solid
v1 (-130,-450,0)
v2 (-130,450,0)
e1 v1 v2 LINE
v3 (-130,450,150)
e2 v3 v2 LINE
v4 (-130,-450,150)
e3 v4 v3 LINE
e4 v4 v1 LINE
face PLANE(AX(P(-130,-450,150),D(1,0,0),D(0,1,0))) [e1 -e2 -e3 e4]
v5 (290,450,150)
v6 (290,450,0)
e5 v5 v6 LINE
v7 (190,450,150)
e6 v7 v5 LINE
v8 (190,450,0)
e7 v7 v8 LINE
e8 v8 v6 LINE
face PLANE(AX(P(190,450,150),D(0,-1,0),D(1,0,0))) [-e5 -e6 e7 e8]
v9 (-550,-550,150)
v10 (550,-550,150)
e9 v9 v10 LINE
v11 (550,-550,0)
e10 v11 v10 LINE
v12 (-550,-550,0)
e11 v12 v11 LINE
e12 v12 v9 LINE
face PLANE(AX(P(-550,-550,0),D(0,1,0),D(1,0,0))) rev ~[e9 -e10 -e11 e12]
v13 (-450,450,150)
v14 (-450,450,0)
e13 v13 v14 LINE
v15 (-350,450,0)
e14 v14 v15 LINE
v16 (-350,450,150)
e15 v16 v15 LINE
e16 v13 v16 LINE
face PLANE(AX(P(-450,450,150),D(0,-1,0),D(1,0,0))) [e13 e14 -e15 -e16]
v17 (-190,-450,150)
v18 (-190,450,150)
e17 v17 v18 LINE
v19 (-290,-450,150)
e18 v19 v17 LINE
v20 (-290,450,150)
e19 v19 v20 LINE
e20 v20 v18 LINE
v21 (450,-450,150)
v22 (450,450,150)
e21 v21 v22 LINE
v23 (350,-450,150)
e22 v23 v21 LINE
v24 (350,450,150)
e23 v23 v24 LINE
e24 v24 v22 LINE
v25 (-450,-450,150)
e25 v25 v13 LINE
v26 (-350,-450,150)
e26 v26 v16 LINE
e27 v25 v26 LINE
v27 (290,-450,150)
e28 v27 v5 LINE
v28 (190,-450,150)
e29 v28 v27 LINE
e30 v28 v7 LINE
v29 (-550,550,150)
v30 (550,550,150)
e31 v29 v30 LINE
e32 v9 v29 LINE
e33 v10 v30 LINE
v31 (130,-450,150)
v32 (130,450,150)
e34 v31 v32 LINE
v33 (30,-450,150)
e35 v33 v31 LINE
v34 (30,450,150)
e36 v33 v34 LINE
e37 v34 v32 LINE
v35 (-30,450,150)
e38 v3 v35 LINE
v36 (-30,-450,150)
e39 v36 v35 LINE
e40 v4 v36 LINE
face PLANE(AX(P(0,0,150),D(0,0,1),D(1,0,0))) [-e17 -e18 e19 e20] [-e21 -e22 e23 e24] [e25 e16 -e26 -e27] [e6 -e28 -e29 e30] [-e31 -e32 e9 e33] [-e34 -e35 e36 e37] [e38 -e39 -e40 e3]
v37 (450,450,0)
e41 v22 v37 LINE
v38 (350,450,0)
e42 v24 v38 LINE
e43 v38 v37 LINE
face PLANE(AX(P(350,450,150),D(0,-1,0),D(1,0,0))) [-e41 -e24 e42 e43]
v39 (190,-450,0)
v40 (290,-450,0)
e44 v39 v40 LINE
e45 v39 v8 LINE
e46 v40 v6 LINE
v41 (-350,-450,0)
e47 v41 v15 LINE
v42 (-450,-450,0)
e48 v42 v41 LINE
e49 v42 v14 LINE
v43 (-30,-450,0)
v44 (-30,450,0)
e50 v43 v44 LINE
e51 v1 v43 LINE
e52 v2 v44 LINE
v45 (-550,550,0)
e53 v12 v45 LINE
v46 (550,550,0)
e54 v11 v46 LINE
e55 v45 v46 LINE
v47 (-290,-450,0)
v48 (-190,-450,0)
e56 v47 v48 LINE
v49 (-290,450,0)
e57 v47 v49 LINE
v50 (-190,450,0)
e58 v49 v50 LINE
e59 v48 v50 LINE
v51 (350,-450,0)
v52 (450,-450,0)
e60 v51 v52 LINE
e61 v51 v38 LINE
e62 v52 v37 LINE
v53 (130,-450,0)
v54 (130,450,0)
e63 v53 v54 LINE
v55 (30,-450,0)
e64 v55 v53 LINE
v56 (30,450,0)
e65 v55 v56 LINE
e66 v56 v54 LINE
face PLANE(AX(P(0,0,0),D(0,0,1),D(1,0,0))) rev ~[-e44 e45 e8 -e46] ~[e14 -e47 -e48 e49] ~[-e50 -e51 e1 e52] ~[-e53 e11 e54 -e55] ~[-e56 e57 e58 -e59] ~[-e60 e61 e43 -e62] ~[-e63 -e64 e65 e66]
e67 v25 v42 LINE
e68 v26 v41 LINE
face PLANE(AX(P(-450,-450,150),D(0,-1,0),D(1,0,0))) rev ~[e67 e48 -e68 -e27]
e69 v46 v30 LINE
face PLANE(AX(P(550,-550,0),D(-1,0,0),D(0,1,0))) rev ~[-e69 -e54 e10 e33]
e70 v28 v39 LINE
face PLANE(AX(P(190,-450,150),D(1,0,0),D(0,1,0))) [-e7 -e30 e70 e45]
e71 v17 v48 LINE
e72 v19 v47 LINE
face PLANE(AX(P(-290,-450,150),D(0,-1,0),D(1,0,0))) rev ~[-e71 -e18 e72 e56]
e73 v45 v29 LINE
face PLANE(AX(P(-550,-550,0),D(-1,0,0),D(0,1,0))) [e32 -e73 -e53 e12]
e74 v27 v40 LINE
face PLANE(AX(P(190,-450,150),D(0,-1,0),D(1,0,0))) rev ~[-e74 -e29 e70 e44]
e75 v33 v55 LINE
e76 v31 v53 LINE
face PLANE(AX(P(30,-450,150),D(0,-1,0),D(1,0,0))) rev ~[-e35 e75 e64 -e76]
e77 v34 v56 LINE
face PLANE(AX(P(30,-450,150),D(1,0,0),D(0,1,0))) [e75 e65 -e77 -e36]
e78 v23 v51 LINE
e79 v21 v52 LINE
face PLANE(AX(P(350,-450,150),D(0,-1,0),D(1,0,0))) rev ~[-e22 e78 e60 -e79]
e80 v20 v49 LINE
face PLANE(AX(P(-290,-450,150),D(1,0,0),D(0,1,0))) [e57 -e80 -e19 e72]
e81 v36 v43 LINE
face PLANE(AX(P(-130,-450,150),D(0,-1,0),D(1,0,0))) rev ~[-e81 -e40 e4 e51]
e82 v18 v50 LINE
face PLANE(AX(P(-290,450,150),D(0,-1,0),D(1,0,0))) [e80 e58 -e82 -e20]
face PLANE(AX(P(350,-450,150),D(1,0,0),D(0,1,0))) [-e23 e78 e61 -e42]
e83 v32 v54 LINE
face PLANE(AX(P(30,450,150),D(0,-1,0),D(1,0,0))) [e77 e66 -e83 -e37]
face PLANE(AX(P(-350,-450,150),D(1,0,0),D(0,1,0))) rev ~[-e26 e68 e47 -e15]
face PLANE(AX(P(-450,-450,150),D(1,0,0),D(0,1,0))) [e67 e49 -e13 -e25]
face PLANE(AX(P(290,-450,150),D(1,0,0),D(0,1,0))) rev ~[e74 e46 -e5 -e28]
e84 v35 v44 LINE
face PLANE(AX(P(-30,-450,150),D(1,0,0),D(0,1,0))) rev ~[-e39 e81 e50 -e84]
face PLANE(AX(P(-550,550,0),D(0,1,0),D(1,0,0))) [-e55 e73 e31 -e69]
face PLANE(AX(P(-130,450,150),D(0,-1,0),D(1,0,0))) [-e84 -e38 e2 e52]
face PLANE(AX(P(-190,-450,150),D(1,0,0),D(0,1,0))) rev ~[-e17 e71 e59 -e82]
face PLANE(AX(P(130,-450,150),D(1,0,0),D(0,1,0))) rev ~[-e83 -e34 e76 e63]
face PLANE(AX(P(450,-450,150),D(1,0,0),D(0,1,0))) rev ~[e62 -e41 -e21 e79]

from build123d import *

# Parameters (mm, degrees)
F0_W     = 1100
F0_H     = 1100
F1_DEPTH = 150
F2_W     = 100
F2_H     = 900
F3_DEPTH = 150


with BuildPart() as f1:
    # F0 (on Top) → F1 (new body)
    with BuildSketch(Plane.XY):
        Rectangle(F0_W, F0_H)
    extrude(amount=F1_DEPTH)

    # F2 (on face) → F3 (cut)
    with BuildSketch(Plane.XY.offset(150)):
        with Locations((-400, 0)):
            Rectangle(F2_W, F2_H)
        with Locations((-240, 0)):
            Rectangle(F2_W, F2_H)
        with Locations((-80, 0)):
            Rectangle(F2_W, F2_H)
        with Locations((80, 0)):
            Rectangle(F2_W, F2_H)
        with Locations((240, 0)):
            Rectangle(F2_W, F2_H)
        with Locations((400, 0)):
            Rectangle(F2_W, F2_H)
    extrude(amount=-F3_DEPTH, mode=Mode.SUBTRACT)


solid = f1.part
